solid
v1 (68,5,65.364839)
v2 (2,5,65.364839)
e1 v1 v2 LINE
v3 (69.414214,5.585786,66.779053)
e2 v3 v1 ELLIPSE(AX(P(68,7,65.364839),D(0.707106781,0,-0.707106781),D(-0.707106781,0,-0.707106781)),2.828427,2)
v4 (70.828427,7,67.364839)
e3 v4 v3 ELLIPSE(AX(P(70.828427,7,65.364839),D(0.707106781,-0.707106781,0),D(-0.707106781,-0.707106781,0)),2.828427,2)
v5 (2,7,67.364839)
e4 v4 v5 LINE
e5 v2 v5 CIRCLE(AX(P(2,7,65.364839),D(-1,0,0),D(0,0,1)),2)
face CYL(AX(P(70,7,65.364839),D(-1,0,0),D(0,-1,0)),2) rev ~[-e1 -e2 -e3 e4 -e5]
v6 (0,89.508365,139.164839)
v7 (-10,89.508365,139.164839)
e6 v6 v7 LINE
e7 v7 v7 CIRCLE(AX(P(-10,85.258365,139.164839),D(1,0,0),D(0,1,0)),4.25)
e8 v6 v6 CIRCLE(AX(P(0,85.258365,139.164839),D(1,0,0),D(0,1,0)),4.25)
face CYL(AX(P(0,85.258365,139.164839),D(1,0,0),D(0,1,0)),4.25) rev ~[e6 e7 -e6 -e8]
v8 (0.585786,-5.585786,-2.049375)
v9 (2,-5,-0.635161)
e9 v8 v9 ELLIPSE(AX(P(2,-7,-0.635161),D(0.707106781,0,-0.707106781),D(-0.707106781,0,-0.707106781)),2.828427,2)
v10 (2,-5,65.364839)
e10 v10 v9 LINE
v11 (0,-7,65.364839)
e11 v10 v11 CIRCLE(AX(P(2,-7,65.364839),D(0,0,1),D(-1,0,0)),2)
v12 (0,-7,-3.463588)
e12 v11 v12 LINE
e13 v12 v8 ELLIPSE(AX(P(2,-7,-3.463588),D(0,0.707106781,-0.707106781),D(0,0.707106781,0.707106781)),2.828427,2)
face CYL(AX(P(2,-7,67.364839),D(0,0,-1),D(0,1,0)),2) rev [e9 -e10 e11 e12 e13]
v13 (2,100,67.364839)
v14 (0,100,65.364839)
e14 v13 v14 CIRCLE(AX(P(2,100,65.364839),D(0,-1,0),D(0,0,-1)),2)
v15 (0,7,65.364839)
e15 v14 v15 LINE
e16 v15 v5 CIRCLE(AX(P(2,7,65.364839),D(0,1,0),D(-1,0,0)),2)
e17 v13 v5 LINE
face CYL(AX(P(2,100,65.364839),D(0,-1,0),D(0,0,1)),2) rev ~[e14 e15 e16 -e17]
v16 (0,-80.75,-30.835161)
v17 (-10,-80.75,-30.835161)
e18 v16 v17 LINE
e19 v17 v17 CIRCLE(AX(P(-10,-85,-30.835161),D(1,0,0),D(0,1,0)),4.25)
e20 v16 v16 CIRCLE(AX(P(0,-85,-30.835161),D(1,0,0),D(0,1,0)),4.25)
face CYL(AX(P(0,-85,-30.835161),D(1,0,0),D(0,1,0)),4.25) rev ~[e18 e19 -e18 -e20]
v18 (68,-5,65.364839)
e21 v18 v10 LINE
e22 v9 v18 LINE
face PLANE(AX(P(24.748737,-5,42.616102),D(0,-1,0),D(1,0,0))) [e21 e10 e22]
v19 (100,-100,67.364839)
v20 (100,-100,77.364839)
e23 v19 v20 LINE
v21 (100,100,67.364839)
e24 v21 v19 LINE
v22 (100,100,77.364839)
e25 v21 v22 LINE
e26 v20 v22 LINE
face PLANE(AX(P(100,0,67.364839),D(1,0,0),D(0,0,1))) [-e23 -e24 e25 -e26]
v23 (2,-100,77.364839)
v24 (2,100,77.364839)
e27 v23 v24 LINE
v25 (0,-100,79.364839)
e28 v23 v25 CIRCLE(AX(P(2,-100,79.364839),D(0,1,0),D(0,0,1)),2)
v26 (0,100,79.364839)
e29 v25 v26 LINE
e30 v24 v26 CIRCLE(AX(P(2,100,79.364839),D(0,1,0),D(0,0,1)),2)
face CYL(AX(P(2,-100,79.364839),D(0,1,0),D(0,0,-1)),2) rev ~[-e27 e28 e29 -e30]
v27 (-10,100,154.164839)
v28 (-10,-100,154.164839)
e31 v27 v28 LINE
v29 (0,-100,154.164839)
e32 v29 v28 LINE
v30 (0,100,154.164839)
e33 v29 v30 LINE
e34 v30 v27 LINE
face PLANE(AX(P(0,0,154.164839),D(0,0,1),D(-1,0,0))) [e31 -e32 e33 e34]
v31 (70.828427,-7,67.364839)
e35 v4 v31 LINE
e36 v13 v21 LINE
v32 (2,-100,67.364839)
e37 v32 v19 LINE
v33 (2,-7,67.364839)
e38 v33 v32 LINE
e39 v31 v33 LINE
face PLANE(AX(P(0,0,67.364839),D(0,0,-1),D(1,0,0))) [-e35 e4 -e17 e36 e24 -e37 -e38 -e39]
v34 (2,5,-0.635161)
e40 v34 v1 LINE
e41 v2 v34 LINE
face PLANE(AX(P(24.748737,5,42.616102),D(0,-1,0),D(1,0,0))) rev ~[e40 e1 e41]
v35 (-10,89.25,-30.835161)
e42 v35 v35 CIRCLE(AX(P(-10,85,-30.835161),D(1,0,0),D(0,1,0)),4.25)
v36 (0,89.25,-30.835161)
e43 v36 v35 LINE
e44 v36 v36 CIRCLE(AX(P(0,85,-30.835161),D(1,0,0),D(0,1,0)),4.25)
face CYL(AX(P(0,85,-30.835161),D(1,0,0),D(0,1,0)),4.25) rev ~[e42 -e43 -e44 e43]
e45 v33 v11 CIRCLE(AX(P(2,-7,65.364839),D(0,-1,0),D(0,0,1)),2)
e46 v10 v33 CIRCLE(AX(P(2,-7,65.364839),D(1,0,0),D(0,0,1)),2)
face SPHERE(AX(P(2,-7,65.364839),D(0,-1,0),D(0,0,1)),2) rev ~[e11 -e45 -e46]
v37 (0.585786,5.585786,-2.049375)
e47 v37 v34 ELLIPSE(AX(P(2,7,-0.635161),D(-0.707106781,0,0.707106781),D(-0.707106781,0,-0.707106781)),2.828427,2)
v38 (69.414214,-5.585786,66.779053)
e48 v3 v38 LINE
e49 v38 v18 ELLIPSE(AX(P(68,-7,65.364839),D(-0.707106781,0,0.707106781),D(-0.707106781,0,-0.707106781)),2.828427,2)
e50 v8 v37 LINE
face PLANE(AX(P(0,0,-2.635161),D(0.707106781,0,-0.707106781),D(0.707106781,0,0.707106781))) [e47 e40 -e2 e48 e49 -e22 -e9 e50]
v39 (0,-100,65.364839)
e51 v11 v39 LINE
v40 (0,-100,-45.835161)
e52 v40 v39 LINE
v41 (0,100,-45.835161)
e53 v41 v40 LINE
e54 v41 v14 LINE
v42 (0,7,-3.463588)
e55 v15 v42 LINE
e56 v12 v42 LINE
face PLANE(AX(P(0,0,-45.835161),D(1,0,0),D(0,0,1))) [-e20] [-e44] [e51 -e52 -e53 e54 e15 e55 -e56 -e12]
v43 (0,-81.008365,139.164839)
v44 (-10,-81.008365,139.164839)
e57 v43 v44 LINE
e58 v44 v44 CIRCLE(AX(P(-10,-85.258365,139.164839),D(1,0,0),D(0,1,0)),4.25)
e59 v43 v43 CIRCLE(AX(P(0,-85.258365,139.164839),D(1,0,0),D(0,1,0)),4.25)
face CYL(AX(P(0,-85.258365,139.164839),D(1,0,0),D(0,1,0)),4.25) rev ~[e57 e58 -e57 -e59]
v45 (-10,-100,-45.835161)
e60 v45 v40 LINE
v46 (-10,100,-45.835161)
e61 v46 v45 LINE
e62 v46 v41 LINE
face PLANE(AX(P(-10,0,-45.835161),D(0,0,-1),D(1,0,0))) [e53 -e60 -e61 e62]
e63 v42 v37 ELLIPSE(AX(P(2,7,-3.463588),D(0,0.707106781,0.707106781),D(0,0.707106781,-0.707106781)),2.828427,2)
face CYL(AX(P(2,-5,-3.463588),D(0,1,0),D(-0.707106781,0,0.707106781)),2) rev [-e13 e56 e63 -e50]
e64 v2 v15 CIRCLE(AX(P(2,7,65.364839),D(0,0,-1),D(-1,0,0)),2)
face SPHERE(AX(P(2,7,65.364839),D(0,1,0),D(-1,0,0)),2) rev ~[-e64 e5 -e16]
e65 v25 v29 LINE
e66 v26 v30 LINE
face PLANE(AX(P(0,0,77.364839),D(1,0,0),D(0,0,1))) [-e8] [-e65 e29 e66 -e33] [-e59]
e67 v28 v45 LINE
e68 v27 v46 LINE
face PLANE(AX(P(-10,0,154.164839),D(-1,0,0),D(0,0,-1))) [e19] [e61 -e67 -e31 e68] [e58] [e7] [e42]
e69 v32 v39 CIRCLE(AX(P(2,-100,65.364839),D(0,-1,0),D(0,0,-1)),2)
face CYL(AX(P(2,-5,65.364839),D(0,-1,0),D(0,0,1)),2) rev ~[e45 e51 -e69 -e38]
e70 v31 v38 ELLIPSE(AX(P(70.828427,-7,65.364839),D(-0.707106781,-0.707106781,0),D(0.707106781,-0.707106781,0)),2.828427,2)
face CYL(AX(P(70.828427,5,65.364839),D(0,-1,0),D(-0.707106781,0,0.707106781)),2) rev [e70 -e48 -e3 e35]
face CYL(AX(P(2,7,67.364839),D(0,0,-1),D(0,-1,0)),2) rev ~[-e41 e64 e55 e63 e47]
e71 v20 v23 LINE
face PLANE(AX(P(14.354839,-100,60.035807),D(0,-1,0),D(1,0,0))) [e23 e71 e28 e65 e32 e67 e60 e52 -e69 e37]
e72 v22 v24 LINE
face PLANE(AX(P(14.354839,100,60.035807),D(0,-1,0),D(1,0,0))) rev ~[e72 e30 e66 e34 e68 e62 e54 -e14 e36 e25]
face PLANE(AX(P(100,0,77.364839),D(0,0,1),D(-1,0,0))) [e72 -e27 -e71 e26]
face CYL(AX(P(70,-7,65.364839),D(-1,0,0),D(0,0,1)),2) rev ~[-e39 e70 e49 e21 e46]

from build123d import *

# Parameters (mm, degrees)
F1_DEPTH = 100
F2_DEPTH = 100
F3_DEPTH = 5
F4_DEPTH = 5
F5_R     = 4.25
F6_DEPTH = 10
F7_R     = 2


with BuildPart() as f1:
    # F0 (on Front) → F1 (new body)
    with BuildSketch(Plane.XZ):
        Polygon((0, 154.164839), (-10, 154.164839), (-10, -45.835161), (0, -45.835161), (0, -2.635161), (0, 67.364839), (70, 67.364839), (100, 67.364839), (100, 77.364839), (0, 77.364839), align=None)
    extrude(amount=F1_DEPTH)

    # F0 (on Front) → F2 (join)
    with BuildSketch(Plane.XZ):
        Polygon((0, 154.164839), (-10, 154.164839), (-10, -45.835161), (0, -45.835161), (0, -2.635161), (0, 67.364839), (70, 67.364839), (100, 67.364839), (100, 77.364839), (0, 77.364839), align=None)
    extrude(amount=-F2_DEPTH)

    # F0 (on Front) → F3 (join)
    with BuildSketch(Plane.XZ):
        Polygon((0, 67.364839), (0, -2.635161), (70, 67.364839), align=None)
    extrude(amount=F3_DEPTH)

    # F0 (on Front) → F4 (join)
    with BuildSketch(Plane.XZ):
        Polygon((0, 67.364839), (0, -2.635161), (70, 67.364839), align=None)
    extrude(amount=-F4_DEPTH)

    # F5 (on face) → F6 (cut)
    with BuildSketch(Plane.YZ):
        with Locations((85.258365, 139.164839)):
            Circle(F5_R)
        with Locations((-85.258365, 139.164839)):
            Circle(F5_R)
        with Locations((-85, -30.835161)):
            Circle(F5_R)
        with Locations((85, -30.835161)):
            Circle(F5_R)
    extrude(amount=-F6_DEPTH, mode=Mode.SUBTRACT)

    # F7
    f7_edges = [f1.edges().sort_by_distance(p)[0] for p in [
        (0, -52.5, 67.364839),
        (0, 52.5, 67.364839),
        (0, 5, 32.364839),
        (35, 5, 67.364839),
        (35, -5, 67.364839),
        (0, -5, 32.364839),
        (0, 0, -2.635161),
        (70, 0, 67.364839),
        (0, 0, 77.364839),
    ]]
    fillet(f7_edges, radius=F7_R)


solid = f1.part
